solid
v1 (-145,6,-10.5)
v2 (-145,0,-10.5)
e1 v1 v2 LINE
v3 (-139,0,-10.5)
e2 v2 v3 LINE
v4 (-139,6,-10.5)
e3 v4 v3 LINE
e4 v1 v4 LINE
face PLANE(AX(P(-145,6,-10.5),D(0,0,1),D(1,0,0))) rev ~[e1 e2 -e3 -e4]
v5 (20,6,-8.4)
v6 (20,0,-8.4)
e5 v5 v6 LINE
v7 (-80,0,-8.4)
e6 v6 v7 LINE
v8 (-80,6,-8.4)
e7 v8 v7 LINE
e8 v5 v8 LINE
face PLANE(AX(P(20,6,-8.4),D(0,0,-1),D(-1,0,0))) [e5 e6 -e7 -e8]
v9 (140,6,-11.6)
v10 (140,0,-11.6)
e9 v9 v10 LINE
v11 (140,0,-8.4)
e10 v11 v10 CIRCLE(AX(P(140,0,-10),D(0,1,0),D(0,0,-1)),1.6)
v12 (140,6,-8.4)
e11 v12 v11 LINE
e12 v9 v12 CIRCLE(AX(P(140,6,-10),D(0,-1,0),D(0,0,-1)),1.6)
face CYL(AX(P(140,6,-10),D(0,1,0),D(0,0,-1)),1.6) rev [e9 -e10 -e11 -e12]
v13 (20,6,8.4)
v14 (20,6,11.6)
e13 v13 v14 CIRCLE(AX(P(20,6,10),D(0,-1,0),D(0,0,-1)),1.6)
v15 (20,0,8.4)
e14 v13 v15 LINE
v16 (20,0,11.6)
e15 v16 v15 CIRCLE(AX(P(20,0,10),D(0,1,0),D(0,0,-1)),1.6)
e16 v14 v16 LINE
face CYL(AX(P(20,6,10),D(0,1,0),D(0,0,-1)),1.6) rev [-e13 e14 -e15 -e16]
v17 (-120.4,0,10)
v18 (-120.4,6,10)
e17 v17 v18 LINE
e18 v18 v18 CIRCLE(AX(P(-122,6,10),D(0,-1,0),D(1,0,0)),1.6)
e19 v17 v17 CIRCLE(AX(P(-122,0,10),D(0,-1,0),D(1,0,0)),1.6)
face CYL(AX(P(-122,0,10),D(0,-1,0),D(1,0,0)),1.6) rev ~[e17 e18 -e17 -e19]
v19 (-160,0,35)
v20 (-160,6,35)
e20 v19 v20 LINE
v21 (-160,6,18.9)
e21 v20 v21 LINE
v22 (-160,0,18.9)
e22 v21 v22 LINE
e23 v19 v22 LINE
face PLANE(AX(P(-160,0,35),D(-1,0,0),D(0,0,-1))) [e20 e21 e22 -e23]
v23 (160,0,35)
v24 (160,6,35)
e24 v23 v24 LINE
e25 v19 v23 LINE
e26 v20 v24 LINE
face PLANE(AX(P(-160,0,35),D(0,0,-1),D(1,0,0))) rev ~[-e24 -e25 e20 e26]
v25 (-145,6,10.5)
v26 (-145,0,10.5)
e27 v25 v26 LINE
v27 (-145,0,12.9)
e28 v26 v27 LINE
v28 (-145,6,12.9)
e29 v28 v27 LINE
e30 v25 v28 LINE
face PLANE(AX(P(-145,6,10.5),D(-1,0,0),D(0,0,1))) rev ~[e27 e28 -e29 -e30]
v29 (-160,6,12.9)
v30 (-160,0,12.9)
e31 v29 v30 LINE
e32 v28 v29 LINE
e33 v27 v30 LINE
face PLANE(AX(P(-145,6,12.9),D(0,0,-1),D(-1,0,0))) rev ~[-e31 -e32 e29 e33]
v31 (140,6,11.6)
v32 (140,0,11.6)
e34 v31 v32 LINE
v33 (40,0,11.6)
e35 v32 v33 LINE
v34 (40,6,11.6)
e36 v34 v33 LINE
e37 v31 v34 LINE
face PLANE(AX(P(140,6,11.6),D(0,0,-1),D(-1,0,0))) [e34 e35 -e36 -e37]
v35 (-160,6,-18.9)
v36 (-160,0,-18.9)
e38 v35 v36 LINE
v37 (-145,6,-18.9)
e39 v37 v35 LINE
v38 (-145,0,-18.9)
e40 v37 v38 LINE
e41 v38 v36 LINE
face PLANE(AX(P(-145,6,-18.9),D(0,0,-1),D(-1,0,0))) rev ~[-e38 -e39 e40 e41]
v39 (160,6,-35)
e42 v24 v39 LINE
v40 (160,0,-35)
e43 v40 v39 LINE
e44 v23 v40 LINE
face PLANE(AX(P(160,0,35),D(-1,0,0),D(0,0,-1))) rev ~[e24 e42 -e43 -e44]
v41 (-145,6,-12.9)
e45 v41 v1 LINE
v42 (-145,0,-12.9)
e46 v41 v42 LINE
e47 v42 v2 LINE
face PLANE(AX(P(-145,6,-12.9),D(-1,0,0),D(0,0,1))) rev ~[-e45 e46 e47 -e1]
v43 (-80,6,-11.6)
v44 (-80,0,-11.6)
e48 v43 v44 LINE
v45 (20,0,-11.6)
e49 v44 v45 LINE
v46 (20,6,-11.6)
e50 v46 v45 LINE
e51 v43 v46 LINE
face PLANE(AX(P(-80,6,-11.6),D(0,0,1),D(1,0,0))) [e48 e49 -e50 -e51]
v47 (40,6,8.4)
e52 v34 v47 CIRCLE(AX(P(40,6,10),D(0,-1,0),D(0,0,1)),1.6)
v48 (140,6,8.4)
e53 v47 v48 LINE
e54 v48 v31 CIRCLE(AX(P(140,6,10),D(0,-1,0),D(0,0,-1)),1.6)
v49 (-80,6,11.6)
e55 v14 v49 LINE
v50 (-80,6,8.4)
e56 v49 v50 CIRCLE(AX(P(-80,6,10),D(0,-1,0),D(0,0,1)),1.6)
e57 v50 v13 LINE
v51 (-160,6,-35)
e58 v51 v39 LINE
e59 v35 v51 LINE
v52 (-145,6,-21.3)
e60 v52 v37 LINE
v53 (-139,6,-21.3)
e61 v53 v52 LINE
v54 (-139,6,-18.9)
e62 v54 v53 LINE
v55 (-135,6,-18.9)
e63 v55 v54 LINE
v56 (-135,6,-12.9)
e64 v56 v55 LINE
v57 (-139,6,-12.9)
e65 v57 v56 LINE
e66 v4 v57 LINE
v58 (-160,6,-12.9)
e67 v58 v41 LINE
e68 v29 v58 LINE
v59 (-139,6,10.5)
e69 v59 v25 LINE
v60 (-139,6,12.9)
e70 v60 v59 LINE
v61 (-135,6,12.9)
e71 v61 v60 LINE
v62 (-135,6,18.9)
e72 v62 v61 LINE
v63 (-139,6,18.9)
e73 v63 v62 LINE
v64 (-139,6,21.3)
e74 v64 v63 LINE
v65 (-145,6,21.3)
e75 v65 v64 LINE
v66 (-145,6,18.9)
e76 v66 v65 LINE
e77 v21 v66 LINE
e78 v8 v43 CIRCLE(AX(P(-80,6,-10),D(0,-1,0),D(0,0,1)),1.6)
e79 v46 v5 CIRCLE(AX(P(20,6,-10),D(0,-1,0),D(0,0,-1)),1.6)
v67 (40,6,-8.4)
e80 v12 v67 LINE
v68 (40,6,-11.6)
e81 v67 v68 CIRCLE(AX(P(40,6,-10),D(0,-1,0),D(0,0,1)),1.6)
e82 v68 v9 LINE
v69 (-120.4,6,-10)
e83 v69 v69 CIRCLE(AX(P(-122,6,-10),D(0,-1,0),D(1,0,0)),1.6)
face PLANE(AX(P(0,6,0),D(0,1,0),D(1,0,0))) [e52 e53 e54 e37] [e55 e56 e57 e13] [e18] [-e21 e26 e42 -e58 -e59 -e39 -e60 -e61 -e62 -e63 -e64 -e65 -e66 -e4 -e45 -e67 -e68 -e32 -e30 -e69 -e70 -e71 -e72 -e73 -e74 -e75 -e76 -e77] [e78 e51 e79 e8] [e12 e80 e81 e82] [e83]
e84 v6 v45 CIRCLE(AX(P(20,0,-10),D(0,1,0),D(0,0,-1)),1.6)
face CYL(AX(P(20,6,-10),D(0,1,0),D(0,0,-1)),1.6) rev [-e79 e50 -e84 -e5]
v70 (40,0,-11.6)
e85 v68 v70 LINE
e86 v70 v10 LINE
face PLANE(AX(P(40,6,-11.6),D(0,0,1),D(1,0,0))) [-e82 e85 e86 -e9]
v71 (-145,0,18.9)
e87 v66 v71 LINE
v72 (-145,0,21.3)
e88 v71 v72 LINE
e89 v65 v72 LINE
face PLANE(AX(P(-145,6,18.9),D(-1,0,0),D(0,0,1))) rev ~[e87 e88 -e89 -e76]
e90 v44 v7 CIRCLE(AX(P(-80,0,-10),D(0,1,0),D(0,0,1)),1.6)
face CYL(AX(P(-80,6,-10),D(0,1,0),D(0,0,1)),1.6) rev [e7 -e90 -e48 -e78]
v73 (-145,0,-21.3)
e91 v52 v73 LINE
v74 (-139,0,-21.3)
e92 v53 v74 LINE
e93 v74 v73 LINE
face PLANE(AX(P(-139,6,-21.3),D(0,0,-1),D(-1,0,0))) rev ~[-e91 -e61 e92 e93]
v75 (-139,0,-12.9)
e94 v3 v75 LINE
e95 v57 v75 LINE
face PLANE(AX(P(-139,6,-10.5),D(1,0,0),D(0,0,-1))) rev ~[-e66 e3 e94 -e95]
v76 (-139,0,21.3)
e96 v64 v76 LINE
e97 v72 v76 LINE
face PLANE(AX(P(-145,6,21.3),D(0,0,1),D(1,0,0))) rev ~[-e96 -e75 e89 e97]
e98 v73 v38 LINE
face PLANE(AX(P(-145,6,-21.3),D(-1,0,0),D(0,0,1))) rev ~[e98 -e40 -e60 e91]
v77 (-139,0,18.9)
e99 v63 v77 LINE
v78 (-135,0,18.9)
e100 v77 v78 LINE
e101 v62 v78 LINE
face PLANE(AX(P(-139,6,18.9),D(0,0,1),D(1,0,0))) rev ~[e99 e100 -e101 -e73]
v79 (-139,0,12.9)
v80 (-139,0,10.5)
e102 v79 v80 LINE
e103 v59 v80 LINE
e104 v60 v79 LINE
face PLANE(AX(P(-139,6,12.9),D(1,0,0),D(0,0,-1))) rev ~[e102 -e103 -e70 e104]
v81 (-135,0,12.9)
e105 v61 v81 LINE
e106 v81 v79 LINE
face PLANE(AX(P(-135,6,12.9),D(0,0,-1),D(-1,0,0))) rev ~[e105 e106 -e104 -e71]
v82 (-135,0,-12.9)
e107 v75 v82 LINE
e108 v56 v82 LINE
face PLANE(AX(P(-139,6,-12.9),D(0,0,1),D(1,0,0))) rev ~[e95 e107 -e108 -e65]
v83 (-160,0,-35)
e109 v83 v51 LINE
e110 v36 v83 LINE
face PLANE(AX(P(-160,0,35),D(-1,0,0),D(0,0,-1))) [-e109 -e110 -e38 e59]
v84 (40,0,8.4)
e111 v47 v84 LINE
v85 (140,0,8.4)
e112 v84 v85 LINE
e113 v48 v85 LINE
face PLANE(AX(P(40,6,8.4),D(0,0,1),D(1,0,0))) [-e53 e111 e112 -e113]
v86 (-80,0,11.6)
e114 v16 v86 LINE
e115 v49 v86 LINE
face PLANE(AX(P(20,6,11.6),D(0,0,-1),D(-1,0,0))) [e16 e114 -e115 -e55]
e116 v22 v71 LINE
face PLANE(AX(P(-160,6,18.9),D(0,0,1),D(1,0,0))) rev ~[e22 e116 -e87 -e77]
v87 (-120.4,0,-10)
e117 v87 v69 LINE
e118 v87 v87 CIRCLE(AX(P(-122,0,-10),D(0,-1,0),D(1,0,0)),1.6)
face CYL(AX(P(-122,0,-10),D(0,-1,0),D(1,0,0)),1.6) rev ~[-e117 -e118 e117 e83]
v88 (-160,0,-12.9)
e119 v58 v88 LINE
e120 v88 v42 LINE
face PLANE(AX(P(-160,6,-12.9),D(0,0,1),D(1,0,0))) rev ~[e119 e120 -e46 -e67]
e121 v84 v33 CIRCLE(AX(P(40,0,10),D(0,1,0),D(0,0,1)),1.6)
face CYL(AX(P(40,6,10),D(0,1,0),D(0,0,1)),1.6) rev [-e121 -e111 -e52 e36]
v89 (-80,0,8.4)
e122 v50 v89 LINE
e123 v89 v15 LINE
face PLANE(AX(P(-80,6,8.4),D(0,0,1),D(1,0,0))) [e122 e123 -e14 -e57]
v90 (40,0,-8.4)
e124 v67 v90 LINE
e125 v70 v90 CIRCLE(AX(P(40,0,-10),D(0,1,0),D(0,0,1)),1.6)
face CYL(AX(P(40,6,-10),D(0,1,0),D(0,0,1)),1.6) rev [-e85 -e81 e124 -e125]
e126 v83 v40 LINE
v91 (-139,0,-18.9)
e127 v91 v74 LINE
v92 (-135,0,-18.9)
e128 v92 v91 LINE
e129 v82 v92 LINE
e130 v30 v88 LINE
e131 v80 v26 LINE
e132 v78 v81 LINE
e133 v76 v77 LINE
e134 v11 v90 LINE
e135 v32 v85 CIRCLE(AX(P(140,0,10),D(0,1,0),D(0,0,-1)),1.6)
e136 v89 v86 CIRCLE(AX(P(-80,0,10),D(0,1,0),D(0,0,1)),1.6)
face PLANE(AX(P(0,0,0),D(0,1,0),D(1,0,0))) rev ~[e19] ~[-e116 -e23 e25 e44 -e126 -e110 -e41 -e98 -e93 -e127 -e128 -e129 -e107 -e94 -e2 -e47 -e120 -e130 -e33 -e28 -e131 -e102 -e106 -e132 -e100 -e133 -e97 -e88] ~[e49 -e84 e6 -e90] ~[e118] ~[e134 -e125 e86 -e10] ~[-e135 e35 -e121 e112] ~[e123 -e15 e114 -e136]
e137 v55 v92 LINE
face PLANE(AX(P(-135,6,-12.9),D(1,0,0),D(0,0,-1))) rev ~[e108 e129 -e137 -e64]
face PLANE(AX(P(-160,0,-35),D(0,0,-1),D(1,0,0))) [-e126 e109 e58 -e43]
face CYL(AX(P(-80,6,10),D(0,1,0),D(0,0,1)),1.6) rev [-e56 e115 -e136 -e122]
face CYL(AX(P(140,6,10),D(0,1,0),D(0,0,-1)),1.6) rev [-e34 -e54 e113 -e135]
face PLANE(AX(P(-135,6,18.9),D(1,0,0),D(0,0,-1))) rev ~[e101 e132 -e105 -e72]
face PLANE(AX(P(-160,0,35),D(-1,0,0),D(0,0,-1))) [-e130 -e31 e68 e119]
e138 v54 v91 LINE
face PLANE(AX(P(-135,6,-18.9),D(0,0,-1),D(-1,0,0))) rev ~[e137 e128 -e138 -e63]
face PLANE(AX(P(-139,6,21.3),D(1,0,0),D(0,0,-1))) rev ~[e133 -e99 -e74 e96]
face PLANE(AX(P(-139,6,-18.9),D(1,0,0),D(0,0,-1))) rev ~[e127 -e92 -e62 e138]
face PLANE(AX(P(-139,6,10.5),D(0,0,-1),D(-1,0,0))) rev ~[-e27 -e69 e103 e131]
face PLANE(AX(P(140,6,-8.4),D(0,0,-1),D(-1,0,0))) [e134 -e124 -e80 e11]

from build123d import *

# Parameters (mm, degrees)
SKETCH1_W           = 320
SKETCH1_H           = 70
BOSS_EXTRUDE1_DEPTH = 6
CUT_EXTRUDE2_DEPTH  = 7
CUT_EXTRUDE3_DEPTH  = 7
SKETCH6_R           = 1.6
CUT_EXTRUDE4_DEPTH  = 7


with BuildPart() as part:
    # Sketch1 → Boss-Extrude1 (new body)
    with BuildSketch(Plane(origin=(0, 0, 0), x_dir=(1, 0, 0), z_dir=(0, 1, 0))):
        Rectangle(SKETCH1_W, SKETCH1_H)
    extrude(amount=BOSS_EXTRUDE1_DEPTH)

    # Sketch3 → Cut-Extrude2 (cut, through all)
    with BuildSketch(Plane(origin=(0, 6, 0), x_dir=(1, 0, 0), z_dir=(0, 1, 0))):
        Polygon((-160, 12.9), (-145, 12.9), (-145, 10.5), (-139, 10.5), (-139, 12.9), (-135, 12.9), (-135, 18.9), (-139, 18.9), (-139, 21.3), (-145, 21.3), (-145, 18.9), (-160, 18.9), align=None)
        Polygon((-145, -18.9), (-145, -21.3), (-139, -21.3), (-139, -18.9), (-135, -18.9), (-135, -12.9), (-139, -12.9), (-139, -10.5), (-145, -10.5), (-145, -12.9), (-160, -12.9), (-160, -18.9), align=None)
    extrude(amount=-CUT_EXTRUDE2_DEPTH, mode=Mode.SUBTRACT)

    # Sketch5 → Cut-Extrude3 (cut, through all)
    with BuildSketch(Plane(origin=(0, 6, 0), x_dir=(1, 0, 0), z_dir=(0, 1, 0))):
        with BuildLine():
            Line((40, -8.4), (140, -8.4))
            ThreePointArc((140, -8.4), (141.6, -10), (140, -11.6))
            Line((140, -11.6), (40, -11.6))
            ThreePointArc((40, -11.6), (38.4, -10), (40, -8.4))
        make_face()
        with BuildLine():
            Line((-80, -8.4), (20, -8.4))
            ThreePointArc((20, -8.4), (21.6, -10), (20, -11.6))
            Line((20, -11.6), (-80, -11.6))
            ThreePointArc((-80, -11.6), (-81.6, -10), (-80, -8.4))
        make_face()
        with BuildLine():
            Line((-80, 11.6), (20, 11.6))
            ThreePointArc((20, 11.6), (21.6, 10), (20, 8.4))
            Line((20, 8.4), (-80, 8.4))
            ThreePointArc((-80, 8.4), (-81.6, 10), (-80, 11.6))
        make_face()
        with BuildLine():
            Line((40, 11.6), (140, 11.6))
            ThreePointArc((140, 11.6), (141.6, 10), (140, 8.4))
            Line((140, 8.4), (40, 8.4))
            ThreePointArc((40, 8.4), (38.4, 10), (40, 11.6))
        make_face()
    extrude(amount=-CUT_EXTRUDE3_DEPTH, mode=Mode.SUBTRACT)

    # Sketch6 → Cut-Extrude4 (cut, through all)
    with BuildSketch(Plane.XZ):
        with Locations((-122, -10)):
            Circle(SKETCH6_R)
        with Locations((-122, 10)):
            Circle(SKETCH6_R)
    extrude(amount=-CUT_EXTRUDE4_DEPTH, mode=Mode.SUBTRACT)


solid = part.part
